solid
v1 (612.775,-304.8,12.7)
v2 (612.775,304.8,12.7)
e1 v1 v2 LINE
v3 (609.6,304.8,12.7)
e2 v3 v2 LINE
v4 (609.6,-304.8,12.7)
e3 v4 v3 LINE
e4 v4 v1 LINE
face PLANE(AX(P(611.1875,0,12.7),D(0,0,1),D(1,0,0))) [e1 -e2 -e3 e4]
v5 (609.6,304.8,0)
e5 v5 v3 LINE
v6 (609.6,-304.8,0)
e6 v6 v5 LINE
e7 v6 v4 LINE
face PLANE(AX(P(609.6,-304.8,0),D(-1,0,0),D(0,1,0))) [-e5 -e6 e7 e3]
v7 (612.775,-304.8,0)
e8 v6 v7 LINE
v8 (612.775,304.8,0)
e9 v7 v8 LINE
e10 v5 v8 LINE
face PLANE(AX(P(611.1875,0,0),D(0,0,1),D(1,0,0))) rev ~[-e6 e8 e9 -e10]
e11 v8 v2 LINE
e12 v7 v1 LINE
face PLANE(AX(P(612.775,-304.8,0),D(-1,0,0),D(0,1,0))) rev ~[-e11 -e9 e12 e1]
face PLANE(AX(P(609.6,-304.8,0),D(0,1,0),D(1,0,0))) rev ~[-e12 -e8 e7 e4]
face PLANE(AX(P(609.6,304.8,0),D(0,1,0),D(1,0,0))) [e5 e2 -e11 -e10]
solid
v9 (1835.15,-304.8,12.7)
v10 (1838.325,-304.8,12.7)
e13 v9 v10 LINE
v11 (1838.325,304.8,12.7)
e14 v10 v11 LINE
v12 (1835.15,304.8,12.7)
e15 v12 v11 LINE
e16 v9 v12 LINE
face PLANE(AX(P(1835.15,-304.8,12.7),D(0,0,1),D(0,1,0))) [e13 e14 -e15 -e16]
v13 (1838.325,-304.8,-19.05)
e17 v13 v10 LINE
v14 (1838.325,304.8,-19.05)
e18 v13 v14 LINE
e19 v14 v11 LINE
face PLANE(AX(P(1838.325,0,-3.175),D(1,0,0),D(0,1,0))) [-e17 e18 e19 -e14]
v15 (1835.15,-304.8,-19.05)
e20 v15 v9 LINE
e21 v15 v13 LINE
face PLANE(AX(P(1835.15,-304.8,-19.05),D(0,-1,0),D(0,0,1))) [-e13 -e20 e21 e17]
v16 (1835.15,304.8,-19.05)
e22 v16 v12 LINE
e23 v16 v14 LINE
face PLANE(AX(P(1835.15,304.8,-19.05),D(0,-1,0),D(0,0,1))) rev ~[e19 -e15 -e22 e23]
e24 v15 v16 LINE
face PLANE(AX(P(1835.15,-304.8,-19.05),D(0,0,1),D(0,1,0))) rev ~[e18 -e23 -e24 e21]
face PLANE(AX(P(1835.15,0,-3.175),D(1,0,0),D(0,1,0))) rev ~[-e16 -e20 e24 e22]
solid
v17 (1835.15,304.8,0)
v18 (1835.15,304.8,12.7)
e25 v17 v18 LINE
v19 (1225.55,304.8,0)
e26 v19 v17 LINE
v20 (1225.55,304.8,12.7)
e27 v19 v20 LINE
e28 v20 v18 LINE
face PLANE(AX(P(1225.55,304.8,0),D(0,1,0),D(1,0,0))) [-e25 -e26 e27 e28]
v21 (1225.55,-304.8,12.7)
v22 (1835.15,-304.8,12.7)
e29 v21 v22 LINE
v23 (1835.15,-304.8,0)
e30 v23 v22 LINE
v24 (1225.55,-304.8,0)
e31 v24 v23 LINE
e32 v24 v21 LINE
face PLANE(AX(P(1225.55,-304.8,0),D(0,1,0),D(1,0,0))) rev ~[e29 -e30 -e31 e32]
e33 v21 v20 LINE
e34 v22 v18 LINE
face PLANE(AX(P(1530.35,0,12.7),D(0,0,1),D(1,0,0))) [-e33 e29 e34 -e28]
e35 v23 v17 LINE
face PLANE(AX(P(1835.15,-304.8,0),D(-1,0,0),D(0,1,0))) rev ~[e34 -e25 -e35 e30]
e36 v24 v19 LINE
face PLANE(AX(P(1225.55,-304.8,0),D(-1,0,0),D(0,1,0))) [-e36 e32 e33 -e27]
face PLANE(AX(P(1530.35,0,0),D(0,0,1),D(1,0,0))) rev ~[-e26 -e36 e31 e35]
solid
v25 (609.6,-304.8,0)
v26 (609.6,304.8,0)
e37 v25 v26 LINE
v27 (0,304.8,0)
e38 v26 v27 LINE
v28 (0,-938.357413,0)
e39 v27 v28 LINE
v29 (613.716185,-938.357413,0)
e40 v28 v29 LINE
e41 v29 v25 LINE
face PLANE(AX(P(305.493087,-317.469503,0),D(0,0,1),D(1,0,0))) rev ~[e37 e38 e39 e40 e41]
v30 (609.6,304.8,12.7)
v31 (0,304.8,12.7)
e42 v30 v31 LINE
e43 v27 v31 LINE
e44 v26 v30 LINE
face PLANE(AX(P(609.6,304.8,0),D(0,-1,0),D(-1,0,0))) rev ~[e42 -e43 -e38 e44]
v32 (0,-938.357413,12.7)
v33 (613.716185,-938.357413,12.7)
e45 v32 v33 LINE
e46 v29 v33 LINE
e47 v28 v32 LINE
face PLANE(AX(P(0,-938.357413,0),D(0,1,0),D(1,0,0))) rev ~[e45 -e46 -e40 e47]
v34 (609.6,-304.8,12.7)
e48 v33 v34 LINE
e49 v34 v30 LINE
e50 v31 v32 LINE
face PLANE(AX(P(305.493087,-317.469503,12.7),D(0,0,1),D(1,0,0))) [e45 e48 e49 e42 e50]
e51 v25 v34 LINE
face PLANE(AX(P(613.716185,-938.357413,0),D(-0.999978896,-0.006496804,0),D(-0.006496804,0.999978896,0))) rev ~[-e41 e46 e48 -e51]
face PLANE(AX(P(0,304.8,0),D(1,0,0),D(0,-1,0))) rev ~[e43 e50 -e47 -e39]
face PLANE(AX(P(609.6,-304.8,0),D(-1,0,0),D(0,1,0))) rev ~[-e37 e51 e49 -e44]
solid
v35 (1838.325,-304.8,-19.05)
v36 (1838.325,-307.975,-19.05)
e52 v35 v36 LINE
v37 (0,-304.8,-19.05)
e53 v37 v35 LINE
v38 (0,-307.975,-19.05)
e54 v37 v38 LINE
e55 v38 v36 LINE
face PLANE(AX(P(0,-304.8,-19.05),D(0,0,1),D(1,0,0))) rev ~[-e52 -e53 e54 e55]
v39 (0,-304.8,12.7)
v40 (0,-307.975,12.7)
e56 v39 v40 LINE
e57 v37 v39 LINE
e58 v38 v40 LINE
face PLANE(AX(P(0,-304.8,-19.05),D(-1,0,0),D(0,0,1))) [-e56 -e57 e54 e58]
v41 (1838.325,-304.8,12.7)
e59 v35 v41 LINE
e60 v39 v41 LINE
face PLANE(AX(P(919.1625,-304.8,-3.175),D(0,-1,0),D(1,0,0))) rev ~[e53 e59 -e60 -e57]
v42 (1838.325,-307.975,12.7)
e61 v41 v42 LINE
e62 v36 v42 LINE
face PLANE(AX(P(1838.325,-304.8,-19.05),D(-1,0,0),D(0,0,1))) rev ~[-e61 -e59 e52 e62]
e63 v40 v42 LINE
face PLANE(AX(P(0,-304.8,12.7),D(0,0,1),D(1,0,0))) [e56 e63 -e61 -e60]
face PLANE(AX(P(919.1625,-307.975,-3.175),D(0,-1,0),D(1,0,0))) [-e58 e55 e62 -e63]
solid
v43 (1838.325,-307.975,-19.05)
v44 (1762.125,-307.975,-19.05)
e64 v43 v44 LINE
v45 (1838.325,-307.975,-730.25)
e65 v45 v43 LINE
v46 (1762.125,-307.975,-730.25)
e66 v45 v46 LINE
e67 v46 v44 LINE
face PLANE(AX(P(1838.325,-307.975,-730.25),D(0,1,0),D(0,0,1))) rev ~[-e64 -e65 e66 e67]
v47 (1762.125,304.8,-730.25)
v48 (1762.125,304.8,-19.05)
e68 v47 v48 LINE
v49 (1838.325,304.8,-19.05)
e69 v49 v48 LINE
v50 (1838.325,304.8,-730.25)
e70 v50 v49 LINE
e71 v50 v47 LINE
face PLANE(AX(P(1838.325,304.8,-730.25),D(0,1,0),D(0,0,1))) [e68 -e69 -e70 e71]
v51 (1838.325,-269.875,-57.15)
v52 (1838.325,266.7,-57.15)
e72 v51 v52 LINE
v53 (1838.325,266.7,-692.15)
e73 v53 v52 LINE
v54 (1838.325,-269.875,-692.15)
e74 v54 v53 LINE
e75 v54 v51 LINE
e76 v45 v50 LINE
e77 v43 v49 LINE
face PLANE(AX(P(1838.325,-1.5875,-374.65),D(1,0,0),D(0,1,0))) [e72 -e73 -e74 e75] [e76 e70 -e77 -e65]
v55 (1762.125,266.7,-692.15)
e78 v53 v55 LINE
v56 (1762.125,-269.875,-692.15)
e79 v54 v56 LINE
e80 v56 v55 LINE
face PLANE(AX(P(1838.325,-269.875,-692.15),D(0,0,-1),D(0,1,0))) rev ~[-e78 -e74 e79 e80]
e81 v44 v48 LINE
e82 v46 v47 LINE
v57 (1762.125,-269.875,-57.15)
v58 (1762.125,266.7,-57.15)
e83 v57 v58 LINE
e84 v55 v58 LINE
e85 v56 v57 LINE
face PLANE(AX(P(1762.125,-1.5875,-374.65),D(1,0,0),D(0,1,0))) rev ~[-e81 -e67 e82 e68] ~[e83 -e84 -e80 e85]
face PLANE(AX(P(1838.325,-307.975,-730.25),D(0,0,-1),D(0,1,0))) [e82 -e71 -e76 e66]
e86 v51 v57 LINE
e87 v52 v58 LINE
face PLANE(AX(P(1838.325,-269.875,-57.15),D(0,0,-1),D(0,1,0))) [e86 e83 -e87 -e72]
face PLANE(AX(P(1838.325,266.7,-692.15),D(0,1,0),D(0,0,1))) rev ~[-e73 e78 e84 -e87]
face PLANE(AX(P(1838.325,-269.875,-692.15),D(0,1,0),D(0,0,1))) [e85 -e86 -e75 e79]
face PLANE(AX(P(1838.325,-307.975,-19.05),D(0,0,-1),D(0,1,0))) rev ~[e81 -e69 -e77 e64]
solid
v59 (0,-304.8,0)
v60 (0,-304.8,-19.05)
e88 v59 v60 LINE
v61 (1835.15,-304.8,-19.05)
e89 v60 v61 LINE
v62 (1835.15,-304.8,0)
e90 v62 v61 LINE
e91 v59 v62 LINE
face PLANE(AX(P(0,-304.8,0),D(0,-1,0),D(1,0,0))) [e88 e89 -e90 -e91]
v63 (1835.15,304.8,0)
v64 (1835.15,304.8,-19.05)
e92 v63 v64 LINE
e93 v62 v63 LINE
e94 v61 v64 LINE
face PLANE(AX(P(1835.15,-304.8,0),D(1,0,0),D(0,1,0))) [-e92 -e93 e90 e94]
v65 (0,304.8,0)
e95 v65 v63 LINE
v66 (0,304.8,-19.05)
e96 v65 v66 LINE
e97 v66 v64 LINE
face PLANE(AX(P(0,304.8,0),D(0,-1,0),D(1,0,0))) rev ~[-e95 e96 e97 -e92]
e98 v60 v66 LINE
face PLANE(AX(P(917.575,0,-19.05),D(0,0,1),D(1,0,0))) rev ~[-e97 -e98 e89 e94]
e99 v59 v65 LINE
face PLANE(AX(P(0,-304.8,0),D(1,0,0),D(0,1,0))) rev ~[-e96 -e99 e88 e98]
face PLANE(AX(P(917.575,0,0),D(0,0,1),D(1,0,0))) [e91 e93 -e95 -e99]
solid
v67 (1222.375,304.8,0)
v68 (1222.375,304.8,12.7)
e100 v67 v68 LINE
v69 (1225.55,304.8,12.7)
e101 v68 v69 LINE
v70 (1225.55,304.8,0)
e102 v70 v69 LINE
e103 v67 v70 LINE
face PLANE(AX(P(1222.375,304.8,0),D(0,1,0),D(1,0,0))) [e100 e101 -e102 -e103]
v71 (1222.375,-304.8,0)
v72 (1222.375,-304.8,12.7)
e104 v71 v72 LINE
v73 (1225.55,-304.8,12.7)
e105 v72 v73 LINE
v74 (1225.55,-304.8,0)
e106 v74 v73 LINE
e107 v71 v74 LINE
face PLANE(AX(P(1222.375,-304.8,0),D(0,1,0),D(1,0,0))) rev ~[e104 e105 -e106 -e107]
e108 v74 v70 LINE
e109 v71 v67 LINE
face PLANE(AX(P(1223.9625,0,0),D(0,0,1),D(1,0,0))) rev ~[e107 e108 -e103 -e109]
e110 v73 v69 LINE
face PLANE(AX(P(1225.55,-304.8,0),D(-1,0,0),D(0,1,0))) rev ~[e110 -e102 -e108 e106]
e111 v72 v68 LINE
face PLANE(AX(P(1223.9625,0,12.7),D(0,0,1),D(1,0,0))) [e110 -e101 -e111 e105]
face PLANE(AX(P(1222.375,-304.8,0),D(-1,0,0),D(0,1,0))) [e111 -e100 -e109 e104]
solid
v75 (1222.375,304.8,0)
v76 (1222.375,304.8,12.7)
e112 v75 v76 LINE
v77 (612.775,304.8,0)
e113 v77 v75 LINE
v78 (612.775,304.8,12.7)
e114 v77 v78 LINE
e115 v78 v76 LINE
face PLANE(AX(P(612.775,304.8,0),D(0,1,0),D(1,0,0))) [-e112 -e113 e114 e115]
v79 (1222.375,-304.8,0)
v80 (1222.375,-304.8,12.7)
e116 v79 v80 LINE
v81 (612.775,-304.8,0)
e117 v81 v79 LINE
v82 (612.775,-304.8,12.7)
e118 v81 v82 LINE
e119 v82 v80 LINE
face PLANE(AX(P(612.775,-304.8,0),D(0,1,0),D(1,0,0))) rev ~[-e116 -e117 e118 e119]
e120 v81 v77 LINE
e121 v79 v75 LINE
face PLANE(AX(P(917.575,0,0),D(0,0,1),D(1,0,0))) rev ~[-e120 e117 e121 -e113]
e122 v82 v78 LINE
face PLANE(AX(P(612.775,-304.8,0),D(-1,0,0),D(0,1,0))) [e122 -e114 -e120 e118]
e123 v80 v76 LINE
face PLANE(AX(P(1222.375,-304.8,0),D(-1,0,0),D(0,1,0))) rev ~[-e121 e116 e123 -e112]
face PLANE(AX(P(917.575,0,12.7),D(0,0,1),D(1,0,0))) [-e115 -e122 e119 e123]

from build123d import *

# Parameters (mm, degrees)
F0_W      = 609.6
F0_H      = 609.6
F1_DEPTH  = 12.7
F2_W      = 1835.15
F2_H      = 609.6
F3_DEPTH  = 19.05
F4_W      = 609.6
F4_H      = 31.75
F5_DEPTH  = 3.175
F6_W      = 1838.325
F6_H      = 31.75
F7_DEPTH  = 3.175
F8_W      = 3.175
F8_H      = 609.6
F9_DEPTH  = 12.7
F10_W     = 612.775
F10_H     = 711.2
F10_W_2   = 536.575
F10_H_2   = 635
F11_DEPTH = 76.2


with BuildPart() as f1:
    # F0 (on Top) → F1 (new body)
    with BuildSketch(Plane.XY):
        Polygon((609.6, -304.8), (609.6, 304.8), (0, 304.8), (0, -304.8), (0, -938.357413), (613.716185, -938.357413), align=None)
        with Locations((917.575, 0)):
            Rectangle(F0_W, F0_H)
        with Locations((1530.35, 0)):
            Rectangle(F0_W, F0_H)
    extrude(amount=F1_DEPTH)


with BuildPart() as f3:
    # F2 (on Top) → F3 (new body)
    with BuildSketch(Plane.XY):
        with Locations((917.575, 0)):
            Rectangle(F2_W, F2_H)
    extrude(amount=-F3_DEPTH)


with BuildPart() as f5:
    # F4 (on face) → F5 (new body)
    with BuildSketch(Plane.YZ.offset(1835.15)):
        with Locations((0, -3.175)):
            Rectangle(F4_W, F4_H)
    extrude(amount=F5_DEPTH)


with BuildPart() as f7:
    # F6 (on face) → F7 (new body)
    with BuildSketch(Plane.XZ.offset(304.8)):
        with Locations((919.1625, -3.175)):
            Rectangle(F6_W, F6_H)
    extrude(amount=F7_DEPTH)


with BuildPart() as f9:
    # F8 (on Top) → F9 (new body)
    with BuildSketch(Plane.XY):
        with Locations((611.1875, 0)):
            Rectangle(F8_W, F8_H)
        with Locations((1223.9625, 0)):
            Rectangle(F8_W, F8_H)
    extrude(amount=F9_DEPTH)


with BuildPart() as f11:
    # F10 (on face) → F11 (new body)
    with BuildSketch(Plane.YZ.offset(1838.325)):
        with Locations((-1.5875, -374.65)):
            Rectangle(F10_W, F10_H)
        with Locations((-1.5875, -374.65)):
            Rectangle(F10_W_2, F10_H_2, mode=Mode.SUBTRACT)
    extrude(amount=-F11_DEPTH)


solid = Compound([f1.part, f3.part, f5.part, f7.part, f9.part, f11.part])
